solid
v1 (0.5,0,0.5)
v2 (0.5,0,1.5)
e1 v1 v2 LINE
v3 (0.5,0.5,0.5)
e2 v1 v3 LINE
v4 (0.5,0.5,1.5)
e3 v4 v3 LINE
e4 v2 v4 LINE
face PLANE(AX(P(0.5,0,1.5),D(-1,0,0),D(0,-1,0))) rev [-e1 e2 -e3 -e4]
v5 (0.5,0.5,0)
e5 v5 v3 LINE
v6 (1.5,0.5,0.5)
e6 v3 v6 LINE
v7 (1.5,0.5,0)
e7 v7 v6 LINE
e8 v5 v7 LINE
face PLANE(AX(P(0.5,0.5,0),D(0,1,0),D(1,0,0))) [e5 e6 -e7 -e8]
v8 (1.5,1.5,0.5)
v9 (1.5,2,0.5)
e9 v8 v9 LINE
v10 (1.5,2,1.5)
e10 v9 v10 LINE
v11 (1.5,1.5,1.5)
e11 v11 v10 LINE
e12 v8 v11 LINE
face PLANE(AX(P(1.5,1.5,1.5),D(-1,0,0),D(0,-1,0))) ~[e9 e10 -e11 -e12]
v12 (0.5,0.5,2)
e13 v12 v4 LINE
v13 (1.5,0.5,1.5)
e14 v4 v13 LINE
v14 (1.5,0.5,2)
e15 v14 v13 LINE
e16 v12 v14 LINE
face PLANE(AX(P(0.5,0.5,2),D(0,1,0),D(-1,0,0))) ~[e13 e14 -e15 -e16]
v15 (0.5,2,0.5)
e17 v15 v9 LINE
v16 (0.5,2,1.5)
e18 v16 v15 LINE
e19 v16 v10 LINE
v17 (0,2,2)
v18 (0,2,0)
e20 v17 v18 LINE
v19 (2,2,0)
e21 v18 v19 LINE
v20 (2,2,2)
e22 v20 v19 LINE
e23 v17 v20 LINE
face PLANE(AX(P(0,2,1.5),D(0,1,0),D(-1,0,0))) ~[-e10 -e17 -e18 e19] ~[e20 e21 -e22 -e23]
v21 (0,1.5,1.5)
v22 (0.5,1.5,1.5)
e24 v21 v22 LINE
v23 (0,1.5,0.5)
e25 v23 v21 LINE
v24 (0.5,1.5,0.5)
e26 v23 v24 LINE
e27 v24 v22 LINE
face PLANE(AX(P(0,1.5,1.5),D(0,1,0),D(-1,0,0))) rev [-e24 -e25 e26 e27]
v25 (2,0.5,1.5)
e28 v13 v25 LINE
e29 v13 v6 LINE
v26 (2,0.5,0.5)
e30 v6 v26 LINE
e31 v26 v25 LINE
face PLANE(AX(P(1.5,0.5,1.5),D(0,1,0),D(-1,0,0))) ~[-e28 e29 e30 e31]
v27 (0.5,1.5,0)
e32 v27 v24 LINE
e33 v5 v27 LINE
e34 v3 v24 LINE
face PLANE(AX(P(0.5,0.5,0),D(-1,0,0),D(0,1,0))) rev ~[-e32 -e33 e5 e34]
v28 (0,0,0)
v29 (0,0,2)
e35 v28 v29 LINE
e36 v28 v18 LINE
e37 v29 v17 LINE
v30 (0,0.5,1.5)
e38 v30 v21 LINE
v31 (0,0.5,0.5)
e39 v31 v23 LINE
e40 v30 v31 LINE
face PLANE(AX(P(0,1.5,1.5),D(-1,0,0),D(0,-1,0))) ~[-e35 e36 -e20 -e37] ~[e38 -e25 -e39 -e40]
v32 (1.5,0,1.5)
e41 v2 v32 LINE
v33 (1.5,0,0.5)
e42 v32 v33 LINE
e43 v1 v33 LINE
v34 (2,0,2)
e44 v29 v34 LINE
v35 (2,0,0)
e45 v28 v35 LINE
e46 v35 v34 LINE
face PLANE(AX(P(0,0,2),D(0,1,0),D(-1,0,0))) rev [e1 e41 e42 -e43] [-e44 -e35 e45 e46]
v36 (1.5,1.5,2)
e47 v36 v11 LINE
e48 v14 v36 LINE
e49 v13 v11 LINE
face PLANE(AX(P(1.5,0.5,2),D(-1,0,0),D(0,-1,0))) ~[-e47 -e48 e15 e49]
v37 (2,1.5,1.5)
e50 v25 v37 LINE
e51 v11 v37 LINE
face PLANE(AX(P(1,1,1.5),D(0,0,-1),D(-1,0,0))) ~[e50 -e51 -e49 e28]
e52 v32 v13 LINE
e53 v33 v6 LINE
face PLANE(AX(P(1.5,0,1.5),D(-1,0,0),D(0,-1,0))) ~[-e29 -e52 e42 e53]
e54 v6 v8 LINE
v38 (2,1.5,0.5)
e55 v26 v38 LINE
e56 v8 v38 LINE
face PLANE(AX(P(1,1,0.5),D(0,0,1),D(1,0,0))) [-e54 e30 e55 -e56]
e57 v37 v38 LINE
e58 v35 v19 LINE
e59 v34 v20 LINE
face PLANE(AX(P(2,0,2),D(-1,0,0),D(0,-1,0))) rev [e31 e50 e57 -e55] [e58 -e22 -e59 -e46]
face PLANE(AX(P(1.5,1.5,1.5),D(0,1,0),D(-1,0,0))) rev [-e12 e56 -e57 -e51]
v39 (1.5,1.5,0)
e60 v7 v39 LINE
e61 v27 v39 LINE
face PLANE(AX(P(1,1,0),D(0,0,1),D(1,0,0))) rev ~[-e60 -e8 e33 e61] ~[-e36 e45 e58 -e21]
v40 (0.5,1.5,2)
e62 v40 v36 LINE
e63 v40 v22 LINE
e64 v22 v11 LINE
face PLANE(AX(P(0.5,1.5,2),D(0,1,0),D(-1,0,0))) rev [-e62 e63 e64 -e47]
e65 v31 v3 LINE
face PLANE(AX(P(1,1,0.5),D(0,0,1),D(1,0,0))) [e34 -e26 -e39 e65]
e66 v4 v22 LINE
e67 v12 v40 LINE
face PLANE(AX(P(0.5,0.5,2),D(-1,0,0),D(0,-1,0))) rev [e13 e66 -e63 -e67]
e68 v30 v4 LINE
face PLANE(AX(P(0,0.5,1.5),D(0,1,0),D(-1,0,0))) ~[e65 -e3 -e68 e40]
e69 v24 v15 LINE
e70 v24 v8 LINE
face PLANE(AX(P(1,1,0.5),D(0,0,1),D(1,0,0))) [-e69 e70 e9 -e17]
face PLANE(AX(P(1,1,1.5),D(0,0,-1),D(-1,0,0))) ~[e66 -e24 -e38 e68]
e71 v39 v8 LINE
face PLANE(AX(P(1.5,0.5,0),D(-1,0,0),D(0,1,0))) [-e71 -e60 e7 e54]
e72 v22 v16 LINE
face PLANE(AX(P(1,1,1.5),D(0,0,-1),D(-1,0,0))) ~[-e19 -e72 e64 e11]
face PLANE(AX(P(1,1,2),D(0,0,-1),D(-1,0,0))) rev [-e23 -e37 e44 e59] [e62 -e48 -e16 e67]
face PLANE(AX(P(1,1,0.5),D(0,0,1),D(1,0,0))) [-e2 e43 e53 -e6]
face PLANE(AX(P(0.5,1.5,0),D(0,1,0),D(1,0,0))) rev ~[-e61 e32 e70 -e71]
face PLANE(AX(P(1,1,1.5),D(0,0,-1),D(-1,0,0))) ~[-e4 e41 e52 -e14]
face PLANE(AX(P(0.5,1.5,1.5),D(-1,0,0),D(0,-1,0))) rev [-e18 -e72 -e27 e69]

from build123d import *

# Parameters (mm, degrees)
F0_W     = 2
F0_H     = 2
F0_W_2   = 1
F0_H_2   = 1
F1_DEPTH = 0.5
F2_W     = 0.5
F2_H     = 0.5
F3_DEPTH = 0.5


with BuildPart() as f1:
    # F0 (on Top) → F1 (new body)
    with BuildSketch(Plane.XY):
        with Locations((1, 1)):
            Rectangle(F0_W, F0_H)
        with Locations((1, 1)):
            Rectangle(F0_W_2, F0_H_2, mode=Mode.SUBTRACT)
    extrude(amount=F1_DEPTH)

    # F2 (on face) → F3 (join)
    with BuildSketch(Plane.XY.offset(0.5)):
        with Locations((0.25, 1.75)):
            Rectangle(F2_W, F2_H)
        with Locations((0.25, 0.25)):
            Rectangle(F2_W, F2_H)
        with Locations((1.75, 0.25)):
            Rectangle(F2_W, F2_H)
        with Locations((1.75, 1.75)):
            Rectangle(F2_W, F2_H)
    extrude(amount=F3_DEPTH)

    # F4: F1 across face


with BuildPart() as f1_1:
    add(f1.part)
    add(f1.part.mirror(Plane(origin=(0.25, 0.25, 1), x_dir=(1, 0, 0), z_dir=(0, 0, 1))))


solid = f1_1.part
